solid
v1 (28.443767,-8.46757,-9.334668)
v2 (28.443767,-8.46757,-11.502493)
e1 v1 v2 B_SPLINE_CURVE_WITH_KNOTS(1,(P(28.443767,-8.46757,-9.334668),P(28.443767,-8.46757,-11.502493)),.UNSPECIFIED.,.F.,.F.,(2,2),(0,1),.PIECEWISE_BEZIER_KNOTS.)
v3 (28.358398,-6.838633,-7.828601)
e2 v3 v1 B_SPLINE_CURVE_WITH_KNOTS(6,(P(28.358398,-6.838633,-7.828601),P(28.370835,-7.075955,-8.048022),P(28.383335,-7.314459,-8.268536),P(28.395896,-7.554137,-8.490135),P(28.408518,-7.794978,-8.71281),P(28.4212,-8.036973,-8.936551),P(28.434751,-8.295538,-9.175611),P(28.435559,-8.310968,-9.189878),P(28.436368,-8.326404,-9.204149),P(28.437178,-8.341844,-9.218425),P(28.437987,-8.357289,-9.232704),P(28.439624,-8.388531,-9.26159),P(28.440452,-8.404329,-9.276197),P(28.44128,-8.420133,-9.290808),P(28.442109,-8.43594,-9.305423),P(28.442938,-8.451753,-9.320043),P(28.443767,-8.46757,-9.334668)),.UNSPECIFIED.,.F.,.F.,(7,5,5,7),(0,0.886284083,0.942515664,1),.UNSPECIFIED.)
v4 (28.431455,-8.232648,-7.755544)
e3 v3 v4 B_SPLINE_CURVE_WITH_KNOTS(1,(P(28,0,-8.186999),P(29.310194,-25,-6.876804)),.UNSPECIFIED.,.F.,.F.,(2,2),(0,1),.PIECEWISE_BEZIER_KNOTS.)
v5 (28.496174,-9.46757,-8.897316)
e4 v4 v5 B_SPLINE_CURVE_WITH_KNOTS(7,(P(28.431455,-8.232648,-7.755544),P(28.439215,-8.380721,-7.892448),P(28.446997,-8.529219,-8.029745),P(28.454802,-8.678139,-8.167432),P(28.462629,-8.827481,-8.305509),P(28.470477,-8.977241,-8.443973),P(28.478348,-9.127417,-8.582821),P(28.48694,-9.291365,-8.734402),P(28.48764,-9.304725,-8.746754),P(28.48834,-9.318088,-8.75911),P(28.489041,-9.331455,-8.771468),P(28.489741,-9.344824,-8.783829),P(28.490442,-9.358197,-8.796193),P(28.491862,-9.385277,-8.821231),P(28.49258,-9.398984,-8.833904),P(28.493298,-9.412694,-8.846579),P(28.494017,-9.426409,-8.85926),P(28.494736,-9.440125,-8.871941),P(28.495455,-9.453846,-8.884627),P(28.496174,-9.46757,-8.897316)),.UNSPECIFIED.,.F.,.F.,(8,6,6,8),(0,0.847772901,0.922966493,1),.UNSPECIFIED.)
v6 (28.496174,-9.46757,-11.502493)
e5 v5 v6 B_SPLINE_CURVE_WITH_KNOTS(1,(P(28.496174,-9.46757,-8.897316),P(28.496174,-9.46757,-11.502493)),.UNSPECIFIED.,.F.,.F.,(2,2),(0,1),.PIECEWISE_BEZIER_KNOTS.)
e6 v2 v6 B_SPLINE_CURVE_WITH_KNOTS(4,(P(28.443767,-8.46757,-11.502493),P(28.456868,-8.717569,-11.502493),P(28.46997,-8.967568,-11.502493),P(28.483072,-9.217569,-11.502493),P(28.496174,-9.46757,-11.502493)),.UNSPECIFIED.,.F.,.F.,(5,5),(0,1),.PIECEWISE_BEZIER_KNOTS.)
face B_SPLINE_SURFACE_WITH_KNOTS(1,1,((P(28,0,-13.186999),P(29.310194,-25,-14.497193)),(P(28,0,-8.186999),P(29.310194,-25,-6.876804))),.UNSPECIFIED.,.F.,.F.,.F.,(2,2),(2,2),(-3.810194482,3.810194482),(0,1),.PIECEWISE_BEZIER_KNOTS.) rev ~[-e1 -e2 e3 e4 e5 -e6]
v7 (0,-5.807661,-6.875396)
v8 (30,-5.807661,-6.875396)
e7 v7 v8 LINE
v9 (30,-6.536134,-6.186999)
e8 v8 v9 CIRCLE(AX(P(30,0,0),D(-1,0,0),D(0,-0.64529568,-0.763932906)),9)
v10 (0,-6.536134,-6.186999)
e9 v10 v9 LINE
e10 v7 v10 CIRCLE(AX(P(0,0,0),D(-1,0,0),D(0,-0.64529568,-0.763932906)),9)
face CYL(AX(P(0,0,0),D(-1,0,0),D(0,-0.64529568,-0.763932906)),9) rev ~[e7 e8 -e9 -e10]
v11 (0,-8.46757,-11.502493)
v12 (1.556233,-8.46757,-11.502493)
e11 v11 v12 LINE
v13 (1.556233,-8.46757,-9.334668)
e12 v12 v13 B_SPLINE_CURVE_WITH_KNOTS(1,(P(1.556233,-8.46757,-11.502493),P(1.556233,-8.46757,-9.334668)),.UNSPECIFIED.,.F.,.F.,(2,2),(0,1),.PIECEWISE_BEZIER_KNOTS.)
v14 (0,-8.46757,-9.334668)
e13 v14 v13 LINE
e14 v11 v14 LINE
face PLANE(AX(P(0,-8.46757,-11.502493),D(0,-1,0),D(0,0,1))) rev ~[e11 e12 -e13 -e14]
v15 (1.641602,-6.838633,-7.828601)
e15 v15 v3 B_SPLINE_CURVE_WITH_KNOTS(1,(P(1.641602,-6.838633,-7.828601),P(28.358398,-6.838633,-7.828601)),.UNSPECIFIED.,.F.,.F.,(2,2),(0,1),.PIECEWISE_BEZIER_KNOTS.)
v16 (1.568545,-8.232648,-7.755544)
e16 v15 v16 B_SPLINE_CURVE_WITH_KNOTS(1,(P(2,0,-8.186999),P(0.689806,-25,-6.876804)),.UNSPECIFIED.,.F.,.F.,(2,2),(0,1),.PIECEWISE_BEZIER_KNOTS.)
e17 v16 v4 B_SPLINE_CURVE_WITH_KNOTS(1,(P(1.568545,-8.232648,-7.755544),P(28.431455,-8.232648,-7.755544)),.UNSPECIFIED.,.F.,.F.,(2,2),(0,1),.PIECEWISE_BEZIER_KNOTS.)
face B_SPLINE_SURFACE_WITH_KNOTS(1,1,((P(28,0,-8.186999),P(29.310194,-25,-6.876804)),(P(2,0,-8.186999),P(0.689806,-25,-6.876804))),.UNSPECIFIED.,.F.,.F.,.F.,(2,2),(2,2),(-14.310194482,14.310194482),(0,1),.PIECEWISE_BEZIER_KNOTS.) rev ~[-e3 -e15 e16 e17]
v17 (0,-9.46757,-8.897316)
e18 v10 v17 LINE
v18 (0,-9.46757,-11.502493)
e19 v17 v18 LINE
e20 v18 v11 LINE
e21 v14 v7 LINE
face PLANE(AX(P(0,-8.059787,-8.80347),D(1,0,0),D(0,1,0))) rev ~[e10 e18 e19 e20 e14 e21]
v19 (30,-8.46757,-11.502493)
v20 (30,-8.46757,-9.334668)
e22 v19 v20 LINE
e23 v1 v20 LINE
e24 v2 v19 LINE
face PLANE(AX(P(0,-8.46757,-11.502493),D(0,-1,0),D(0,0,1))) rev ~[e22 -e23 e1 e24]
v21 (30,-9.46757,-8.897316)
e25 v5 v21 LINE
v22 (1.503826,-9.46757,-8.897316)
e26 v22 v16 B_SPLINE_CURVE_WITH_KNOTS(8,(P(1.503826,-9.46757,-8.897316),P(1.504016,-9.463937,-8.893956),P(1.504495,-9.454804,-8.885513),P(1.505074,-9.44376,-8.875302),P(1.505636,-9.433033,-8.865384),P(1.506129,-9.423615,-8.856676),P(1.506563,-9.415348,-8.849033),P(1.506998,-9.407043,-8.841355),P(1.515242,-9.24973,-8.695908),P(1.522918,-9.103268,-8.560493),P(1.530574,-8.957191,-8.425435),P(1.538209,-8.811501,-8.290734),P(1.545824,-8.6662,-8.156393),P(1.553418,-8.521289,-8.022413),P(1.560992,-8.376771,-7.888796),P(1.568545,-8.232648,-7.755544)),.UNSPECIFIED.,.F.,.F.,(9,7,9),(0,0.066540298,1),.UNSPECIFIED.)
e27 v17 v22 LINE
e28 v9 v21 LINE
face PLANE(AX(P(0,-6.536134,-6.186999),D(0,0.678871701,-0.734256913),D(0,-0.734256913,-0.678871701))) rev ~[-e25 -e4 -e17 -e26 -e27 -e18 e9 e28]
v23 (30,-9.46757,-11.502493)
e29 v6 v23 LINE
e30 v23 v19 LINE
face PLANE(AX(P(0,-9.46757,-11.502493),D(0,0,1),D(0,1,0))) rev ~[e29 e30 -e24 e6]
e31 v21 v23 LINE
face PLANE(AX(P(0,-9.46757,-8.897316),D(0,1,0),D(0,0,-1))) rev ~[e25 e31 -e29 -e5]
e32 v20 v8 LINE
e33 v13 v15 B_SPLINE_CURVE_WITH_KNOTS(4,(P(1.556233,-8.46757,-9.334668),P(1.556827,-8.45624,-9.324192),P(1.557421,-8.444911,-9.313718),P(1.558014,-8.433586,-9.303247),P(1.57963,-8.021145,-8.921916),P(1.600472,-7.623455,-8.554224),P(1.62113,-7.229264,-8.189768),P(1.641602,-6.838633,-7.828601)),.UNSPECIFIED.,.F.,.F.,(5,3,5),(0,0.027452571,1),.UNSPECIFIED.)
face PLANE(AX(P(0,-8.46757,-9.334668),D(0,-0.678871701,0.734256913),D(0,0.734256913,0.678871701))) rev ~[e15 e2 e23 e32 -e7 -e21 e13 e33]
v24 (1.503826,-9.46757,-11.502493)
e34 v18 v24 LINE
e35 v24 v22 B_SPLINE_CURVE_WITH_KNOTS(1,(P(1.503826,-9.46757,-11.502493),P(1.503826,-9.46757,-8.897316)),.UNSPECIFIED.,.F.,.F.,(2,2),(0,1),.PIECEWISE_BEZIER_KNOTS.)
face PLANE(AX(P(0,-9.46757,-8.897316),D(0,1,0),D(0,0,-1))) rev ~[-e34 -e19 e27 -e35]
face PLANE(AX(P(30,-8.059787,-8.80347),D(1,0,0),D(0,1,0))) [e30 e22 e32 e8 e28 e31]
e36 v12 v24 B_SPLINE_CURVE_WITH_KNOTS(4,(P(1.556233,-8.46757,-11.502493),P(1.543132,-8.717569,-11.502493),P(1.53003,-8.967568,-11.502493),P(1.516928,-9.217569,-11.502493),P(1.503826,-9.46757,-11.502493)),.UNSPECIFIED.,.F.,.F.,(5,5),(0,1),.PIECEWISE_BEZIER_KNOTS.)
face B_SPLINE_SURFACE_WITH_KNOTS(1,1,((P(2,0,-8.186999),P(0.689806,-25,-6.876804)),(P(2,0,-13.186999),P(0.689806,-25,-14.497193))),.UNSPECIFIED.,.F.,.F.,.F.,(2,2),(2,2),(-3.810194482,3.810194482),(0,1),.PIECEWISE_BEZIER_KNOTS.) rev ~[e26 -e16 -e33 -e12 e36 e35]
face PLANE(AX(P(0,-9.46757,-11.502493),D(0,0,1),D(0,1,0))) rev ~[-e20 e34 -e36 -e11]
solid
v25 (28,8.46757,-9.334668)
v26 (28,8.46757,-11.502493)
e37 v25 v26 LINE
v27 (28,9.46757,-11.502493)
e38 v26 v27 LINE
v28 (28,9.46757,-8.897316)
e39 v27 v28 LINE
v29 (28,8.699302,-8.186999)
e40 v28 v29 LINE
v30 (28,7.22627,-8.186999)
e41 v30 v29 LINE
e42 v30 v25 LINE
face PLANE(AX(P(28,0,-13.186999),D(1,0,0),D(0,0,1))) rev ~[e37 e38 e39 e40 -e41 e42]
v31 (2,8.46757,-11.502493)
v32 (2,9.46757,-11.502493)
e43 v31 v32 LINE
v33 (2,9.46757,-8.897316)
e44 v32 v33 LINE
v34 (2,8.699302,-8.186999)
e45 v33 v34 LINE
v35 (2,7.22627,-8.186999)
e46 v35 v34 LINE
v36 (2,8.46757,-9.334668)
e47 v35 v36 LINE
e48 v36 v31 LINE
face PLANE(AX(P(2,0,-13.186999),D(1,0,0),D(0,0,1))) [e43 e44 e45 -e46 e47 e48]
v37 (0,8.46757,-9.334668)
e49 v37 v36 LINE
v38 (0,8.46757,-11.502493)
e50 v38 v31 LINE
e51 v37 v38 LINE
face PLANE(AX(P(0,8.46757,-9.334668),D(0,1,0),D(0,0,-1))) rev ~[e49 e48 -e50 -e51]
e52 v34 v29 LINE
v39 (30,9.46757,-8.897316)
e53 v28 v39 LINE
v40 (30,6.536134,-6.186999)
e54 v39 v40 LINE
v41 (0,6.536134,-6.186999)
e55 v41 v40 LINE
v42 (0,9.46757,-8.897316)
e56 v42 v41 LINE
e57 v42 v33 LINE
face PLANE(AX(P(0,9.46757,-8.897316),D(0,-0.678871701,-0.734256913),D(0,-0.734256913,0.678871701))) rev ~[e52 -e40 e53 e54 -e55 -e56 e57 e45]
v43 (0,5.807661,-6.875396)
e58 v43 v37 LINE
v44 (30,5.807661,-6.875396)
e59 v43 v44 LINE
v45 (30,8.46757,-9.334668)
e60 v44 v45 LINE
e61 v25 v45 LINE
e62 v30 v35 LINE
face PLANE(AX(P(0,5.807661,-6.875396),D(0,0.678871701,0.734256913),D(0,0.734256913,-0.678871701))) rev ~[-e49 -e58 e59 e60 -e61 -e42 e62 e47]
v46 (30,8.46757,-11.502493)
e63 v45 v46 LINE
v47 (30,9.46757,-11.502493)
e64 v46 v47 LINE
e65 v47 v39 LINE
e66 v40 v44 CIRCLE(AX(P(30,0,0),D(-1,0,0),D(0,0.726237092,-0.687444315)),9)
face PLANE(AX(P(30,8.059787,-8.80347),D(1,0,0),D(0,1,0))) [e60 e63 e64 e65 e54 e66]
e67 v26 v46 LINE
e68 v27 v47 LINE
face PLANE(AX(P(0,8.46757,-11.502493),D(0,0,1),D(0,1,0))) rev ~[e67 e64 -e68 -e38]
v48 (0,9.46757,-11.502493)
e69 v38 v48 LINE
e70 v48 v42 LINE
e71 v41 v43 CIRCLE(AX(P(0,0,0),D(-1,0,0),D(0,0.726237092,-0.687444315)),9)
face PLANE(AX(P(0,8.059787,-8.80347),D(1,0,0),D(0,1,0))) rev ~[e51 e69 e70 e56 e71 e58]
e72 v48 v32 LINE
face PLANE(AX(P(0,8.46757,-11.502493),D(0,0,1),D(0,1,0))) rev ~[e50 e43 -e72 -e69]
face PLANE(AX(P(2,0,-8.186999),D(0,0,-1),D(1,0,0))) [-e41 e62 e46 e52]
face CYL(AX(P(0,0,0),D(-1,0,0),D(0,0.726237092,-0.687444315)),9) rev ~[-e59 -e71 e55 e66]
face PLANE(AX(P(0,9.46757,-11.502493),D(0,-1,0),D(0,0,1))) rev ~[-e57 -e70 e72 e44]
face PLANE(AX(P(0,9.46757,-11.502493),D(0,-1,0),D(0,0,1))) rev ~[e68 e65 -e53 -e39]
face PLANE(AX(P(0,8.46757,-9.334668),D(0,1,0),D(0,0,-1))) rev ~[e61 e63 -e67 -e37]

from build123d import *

# Parameters (mm, degrees)
F1_DEPTH = 30
F2_W     = 26
F2_H     = 5
F3_DEPTH = 25
F3_TAPER = -3
F4_DEPTH = 25


with BuildPart() as f1:
    # F0 (on Right) → F1 (new body)
    with BuildSketch(Plane.YZ):
        with BuildLine():
            ThreePointArc((6.5361338316, -6.186998831), (6.1814877812, -6.5413461008), (5.8076611231, -6.8753961544))
            Line((5.8076611231, -6.8753961544), (8.4675702751, -9.3346675858))
            Line((8.4675702751, -9.3346675858), (8.4675702751, -11.5024931729))
            Line((8.4675702751, -11.5024931729), (9.4675702751, -11.5024931729))
            Line((9.4675702751, -11.5024931729), (9.4675702751, -8.8973161713))
            Line((9.4675702751, -8.8973161713), (6.5361338316, -6.186998831))
        make_face()
    extrude(amount=F1_DEPTH)

    # F2 (on Front) → F4 (cut)
    with BuildSketch(Plane.XZ):
        with Locations((15, -10.686998831)):
            Rectangle(F2_W, F2_H)
    extrude(amount=-F4_DEPTH, mode=Mode.SUBTRACT)


with BuildPart() as f1b:
    # F0 (on Right) → F1, piece 2 (new body)
    with BuildSketch(Plane.YZ):
        with BuildLine():
            ThreePointArc((-5.8076611231, -6.8753961544), (-6.1814877812, -6.5413461008), (-6.5361338316, -6.186998831))
            Line((-6.5361338316, -6.186998831), (-9.4675702751, -8.8973161713))
            Line((-9.4675702751, -8.8973161713), (-9.4675702751, -11.5024931729))
            Line((-9.4675702751, -11.5024931729), (-8.4675702751, -11.5024931729))
            Line((-8.4675702751, -11.5024931729), (-8.4675702751, -9.3346675858))
            Line((-8.4675702751, -9.3346675858), (-5.8076611231, -6.8753961544))
        make_face()
    extrude(amount=F1_DEPTH)

    # F2 (on Front) → F3 (cut)
    with BuildSketch(Plane.XZ):
        with Locations((15, -10.686998831)):
            Rectangle(F2_W, F2_H)
    extrude(amount=F3_DEPTH, taper=F3_TAPER, mode=Mode.SUBTRACT)


solid = Compound([f1.part, f1b.part])
